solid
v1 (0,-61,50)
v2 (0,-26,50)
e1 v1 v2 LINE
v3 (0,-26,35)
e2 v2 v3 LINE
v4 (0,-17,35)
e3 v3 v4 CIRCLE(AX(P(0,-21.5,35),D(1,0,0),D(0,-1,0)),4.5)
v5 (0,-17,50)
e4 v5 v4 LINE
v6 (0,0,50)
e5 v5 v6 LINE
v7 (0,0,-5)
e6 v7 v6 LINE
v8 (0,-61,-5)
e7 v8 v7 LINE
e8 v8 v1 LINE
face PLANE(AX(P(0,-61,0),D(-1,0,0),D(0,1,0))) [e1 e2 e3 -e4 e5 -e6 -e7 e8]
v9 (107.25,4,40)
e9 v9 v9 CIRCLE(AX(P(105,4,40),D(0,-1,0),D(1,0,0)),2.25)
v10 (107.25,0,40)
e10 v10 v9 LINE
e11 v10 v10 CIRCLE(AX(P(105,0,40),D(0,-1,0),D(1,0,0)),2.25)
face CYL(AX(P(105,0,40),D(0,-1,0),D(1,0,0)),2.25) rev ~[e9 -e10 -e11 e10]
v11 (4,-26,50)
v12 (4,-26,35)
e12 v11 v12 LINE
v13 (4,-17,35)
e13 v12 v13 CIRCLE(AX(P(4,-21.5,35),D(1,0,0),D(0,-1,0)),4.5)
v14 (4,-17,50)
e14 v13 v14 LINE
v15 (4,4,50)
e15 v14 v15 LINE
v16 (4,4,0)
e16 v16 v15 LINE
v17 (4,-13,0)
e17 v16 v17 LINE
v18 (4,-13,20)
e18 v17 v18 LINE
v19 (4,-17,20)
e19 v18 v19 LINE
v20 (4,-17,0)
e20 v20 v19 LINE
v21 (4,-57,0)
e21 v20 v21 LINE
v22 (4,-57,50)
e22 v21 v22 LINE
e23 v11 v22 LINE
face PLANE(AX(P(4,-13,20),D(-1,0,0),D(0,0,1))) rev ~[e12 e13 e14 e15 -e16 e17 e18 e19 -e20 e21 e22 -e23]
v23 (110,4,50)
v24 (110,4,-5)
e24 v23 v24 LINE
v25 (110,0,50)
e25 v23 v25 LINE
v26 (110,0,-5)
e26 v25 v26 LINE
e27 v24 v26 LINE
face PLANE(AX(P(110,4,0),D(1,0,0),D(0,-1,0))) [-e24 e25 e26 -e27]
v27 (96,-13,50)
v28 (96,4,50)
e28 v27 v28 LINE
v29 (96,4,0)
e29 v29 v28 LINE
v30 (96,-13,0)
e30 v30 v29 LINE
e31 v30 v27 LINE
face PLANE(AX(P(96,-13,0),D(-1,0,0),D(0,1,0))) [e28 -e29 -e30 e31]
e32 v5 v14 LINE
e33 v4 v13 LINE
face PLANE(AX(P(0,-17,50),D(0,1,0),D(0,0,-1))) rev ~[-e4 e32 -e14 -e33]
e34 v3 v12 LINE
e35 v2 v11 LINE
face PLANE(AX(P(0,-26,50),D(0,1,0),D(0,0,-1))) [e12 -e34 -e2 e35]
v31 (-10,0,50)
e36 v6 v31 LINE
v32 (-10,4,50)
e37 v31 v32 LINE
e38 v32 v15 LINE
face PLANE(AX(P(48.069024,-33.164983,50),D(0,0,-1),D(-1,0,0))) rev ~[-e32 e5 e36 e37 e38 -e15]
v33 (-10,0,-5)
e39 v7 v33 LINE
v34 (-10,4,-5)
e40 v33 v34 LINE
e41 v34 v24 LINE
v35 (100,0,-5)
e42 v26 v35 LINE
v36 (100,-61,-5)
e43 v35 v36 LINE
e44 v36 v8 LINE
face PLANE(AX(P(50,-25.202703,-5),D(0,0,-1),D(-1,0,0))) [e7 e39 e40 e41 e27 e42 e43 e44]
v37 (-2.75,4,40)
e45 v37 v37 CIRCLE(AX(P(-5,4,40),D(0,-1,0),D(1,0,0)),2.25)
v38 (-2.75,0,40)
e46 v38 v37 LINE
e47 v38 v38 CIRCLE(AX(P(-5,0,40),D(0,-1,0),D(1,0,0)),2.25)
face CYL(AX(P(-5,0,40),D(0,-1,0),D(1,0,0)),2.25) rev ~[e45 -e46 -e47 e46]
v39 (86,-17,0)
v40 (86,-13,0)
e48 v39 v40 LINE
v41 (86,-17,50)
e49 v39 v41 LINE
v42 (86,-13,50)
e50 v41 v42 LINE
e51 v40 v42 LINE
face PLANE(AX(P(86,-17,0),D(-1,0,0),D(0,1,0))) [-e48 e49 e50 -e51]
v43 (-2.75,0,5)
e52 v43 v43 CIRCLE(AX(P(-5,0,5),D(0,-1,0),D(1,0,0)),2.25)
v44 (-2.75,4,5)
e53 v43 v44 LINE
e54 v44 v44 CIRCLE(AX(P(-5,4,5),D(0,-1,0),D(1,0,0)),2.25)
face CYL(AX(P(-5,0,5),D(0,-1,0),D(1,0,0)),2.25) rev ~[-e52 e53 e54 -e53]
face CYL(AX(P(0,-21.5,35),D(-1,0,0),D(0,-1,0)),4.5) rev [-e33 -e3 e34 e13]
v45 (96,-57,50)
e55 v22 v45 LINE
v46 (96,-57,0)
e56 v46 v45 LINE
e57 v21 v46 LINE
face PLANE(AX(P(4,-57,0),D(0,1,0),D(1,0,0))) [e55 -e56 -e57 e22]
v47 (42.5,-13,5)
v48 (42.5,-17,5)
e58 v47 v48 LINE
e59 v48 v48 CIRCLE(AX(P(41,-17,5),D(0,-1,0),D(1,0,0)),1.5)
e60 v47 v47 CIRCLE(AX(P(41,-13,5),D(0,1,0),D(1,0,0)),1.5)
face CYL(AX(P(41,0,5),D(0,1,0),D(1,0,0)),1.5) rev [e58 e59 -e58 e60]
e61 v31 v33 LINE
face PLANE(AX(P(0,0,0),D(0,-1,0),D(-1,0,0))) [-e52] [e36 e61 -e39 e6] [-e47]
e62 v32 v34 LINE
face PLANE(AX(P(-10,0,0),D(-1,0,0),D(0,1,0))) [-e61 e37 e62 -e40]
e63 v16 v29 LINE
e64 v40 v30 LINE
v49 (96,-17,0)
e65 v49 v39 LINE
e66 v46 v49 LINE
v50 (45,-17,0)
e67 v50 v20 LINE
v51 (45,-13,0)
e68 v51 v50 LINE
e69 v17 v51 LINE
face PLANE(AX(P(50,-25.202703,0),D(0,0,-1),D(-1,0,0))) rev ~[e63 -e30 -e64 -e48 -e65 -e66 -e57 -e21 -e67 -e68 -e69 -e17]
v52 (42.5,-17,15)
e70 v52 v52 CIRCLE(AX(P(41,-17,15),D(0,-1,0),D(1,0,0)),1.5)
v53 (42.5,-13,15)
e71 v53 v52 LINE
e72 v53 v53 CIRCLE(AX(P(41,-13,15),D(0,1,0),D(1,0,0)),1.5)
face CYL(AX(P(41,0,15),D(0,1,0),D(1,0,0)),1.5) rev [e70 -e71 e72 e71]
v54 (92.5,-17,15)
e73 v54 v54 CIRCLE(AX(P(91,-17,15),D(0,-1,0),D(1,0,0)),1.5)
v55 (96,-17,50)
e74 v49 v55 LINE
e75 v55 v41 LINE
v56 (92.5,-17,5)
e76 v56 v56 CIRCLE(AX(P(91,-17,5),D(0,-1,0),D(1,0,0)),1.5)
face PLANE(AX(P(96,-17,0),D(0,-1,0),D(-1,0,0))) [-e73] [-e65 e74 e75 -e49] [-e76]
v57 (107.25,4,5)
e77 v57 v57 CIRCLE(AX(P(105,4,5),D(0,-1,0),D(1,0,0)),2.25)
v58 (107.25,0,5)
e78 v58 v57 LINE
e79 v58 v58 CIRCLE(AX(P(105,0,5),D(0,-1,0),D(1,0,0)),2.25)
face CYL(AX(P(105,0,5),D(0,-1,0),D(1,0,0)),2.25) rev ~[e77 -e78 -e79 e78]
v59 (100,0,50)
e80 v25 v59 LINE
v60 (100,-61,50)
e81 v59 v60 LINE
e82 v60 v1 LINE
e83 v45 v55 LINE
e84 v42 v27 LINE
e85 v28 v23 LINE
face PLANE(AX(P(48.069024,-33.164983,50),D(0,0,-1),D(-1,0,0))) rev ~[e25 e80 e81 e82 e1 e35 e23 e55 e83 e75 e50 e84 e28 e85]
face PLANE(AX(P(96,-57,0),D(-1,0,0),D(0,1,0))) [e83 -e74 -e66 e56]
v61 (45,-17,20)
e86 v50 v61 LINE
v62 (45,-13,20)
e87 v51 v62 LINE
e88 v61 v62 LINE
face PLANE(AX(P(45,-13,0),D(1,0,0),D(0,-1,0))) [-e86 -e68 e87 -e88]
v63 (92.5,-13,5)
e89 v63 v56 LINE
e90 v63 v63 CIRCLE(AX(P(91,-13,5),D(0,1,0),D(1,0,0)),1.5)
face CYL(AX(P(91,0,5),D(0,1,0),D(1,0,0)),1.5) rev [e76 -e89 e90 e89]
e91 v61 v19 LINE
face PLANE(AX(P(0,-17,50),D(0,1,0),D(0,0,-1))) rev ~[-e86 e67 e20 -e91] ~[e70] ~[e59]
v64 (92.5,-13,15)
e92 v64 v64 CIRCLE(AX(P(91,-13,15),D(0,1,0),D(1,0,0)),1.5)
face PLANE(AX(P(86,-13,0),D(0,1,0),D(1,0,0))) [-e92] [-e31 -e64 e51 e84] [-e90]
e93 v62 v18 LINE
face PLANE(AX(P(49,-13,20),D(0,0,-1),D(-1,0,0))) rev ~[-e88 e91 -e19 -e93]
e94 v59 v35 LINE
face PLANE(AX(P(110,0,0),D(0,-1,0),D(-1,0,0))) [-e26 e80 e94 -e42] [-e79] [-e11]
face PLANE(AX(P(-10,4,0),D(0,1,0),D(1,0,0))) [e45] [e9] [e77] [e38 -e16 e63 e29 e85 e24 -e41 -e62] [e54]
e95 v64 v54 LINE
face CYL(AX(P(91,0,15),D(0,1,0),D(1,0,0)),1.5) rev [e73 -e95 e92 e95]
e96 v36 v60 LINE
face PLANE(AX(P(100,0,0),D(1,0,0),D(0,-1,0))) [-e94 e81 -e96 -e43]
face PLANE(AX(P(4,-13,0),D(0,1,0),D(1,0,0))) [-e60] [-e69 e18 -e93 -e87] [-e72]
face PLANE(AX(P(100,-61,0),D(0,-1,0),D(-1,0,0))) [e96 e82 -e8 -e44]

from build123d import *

# Parameters (mm, degrees)
PAD_DEPTH       = 5
PAD001_DEPTH    = 50
POCKET_DEPTH    = 4
SKETCH003_R     = 1.5
POCKET001_DEPTH = 17
SKETCH004_R     = 2.25
HOLE_DEPTH      = 25
SKETCH008_W     = 45
SKETCH008_H     = 30
POCKET002_DEPTH = 4


with BuildPart() as part:
    # Sketch → Pad (new body)
    with BuildSketch(Plane.XY):
        Polygon((0, 0), (-10, 0), (-10, 4), (110, 4), (110, 0), (100, 0), (100, -61), (0, -61), align=None)
    extrude(amount=-PAD_DEPTH)

    # Sketch001 → Pad001 (join)
    with BuildSketch(Plane.XY):
        Polygon((0, 0), (-10, 0), (-10, 4), (4, 4), (4, -13), (45, -13), (45, -17), (4, -17), (4, -57), (96, -57), (96, -17), (86, -17), (86, -13), (96, -13), (96, 4), (110, 4), (110, 0), (100, 0), (100, -61), (0, -61), align=None)
    extrude(amount=PAD001_DEPTH)

    # Sketch002 → Pocket (cut)
    with BuildSketch(Plane.YZ):
        with BuildLine():
            Line((-26, 50), (-17, 50))
            Line((-17, 50), (-17, 35))
            ThreePointArc((-26, 35), (-21.5, 30.5), (-17, 35))
            Line((-26, 50), (-26, 35))
        make_face()
    extrude(amount=POCKET_DEPTH, mode=Mode.SUBTRACT)

    # Sketch003 → Pocket001 (cut)
    with BuildSketch(Plane.XZ):
        with Locations((41, 15)):
            Circle(SKETCH003_R)
        with Locations((41, 5)):
            Circle(SKETCH003_R)
        with Locations((91, 15)):
            Circle(SKETCH003_R)
        with Locations((91, 5)):
            Circle(SKETCH003_R)
    extrude(amount=POCKET001_DEPTH, mode=Mode.SUBTRACT)

    # Sketch004 → Hole (cut)
    with BuildSketch(Plane.XZ):
        with Locations((-5, 40)):
            Circle(SKETCH004_R)
        with Locations((-5, 5)):
            Circle(SKETCH004_R)
        with Locations((105, 40)):
            Circle(SKETCH004_R)
        with Locations((105, 5)):
            Circle(SKETCH004_R)
    extrude(amount=-HOLE_DEPTH, mode=Mode.SUBTRACT)

    # Sketch008 (on Face25 of Hole) → Pocket002 (cut)
    with BuildSketch(Plane(origin=(0, -13, 0), x_dir=(-1, 0, 0), z_dir=(0, 1, 0))):
        with Locations((-26.5, 35)):
            Rectangle(SKETCH008_W, SKETCH008_H)
    extrude(amount=-POCKET002_DEPTH, mode=Mode.SUBTRACT)


solid = part.part
